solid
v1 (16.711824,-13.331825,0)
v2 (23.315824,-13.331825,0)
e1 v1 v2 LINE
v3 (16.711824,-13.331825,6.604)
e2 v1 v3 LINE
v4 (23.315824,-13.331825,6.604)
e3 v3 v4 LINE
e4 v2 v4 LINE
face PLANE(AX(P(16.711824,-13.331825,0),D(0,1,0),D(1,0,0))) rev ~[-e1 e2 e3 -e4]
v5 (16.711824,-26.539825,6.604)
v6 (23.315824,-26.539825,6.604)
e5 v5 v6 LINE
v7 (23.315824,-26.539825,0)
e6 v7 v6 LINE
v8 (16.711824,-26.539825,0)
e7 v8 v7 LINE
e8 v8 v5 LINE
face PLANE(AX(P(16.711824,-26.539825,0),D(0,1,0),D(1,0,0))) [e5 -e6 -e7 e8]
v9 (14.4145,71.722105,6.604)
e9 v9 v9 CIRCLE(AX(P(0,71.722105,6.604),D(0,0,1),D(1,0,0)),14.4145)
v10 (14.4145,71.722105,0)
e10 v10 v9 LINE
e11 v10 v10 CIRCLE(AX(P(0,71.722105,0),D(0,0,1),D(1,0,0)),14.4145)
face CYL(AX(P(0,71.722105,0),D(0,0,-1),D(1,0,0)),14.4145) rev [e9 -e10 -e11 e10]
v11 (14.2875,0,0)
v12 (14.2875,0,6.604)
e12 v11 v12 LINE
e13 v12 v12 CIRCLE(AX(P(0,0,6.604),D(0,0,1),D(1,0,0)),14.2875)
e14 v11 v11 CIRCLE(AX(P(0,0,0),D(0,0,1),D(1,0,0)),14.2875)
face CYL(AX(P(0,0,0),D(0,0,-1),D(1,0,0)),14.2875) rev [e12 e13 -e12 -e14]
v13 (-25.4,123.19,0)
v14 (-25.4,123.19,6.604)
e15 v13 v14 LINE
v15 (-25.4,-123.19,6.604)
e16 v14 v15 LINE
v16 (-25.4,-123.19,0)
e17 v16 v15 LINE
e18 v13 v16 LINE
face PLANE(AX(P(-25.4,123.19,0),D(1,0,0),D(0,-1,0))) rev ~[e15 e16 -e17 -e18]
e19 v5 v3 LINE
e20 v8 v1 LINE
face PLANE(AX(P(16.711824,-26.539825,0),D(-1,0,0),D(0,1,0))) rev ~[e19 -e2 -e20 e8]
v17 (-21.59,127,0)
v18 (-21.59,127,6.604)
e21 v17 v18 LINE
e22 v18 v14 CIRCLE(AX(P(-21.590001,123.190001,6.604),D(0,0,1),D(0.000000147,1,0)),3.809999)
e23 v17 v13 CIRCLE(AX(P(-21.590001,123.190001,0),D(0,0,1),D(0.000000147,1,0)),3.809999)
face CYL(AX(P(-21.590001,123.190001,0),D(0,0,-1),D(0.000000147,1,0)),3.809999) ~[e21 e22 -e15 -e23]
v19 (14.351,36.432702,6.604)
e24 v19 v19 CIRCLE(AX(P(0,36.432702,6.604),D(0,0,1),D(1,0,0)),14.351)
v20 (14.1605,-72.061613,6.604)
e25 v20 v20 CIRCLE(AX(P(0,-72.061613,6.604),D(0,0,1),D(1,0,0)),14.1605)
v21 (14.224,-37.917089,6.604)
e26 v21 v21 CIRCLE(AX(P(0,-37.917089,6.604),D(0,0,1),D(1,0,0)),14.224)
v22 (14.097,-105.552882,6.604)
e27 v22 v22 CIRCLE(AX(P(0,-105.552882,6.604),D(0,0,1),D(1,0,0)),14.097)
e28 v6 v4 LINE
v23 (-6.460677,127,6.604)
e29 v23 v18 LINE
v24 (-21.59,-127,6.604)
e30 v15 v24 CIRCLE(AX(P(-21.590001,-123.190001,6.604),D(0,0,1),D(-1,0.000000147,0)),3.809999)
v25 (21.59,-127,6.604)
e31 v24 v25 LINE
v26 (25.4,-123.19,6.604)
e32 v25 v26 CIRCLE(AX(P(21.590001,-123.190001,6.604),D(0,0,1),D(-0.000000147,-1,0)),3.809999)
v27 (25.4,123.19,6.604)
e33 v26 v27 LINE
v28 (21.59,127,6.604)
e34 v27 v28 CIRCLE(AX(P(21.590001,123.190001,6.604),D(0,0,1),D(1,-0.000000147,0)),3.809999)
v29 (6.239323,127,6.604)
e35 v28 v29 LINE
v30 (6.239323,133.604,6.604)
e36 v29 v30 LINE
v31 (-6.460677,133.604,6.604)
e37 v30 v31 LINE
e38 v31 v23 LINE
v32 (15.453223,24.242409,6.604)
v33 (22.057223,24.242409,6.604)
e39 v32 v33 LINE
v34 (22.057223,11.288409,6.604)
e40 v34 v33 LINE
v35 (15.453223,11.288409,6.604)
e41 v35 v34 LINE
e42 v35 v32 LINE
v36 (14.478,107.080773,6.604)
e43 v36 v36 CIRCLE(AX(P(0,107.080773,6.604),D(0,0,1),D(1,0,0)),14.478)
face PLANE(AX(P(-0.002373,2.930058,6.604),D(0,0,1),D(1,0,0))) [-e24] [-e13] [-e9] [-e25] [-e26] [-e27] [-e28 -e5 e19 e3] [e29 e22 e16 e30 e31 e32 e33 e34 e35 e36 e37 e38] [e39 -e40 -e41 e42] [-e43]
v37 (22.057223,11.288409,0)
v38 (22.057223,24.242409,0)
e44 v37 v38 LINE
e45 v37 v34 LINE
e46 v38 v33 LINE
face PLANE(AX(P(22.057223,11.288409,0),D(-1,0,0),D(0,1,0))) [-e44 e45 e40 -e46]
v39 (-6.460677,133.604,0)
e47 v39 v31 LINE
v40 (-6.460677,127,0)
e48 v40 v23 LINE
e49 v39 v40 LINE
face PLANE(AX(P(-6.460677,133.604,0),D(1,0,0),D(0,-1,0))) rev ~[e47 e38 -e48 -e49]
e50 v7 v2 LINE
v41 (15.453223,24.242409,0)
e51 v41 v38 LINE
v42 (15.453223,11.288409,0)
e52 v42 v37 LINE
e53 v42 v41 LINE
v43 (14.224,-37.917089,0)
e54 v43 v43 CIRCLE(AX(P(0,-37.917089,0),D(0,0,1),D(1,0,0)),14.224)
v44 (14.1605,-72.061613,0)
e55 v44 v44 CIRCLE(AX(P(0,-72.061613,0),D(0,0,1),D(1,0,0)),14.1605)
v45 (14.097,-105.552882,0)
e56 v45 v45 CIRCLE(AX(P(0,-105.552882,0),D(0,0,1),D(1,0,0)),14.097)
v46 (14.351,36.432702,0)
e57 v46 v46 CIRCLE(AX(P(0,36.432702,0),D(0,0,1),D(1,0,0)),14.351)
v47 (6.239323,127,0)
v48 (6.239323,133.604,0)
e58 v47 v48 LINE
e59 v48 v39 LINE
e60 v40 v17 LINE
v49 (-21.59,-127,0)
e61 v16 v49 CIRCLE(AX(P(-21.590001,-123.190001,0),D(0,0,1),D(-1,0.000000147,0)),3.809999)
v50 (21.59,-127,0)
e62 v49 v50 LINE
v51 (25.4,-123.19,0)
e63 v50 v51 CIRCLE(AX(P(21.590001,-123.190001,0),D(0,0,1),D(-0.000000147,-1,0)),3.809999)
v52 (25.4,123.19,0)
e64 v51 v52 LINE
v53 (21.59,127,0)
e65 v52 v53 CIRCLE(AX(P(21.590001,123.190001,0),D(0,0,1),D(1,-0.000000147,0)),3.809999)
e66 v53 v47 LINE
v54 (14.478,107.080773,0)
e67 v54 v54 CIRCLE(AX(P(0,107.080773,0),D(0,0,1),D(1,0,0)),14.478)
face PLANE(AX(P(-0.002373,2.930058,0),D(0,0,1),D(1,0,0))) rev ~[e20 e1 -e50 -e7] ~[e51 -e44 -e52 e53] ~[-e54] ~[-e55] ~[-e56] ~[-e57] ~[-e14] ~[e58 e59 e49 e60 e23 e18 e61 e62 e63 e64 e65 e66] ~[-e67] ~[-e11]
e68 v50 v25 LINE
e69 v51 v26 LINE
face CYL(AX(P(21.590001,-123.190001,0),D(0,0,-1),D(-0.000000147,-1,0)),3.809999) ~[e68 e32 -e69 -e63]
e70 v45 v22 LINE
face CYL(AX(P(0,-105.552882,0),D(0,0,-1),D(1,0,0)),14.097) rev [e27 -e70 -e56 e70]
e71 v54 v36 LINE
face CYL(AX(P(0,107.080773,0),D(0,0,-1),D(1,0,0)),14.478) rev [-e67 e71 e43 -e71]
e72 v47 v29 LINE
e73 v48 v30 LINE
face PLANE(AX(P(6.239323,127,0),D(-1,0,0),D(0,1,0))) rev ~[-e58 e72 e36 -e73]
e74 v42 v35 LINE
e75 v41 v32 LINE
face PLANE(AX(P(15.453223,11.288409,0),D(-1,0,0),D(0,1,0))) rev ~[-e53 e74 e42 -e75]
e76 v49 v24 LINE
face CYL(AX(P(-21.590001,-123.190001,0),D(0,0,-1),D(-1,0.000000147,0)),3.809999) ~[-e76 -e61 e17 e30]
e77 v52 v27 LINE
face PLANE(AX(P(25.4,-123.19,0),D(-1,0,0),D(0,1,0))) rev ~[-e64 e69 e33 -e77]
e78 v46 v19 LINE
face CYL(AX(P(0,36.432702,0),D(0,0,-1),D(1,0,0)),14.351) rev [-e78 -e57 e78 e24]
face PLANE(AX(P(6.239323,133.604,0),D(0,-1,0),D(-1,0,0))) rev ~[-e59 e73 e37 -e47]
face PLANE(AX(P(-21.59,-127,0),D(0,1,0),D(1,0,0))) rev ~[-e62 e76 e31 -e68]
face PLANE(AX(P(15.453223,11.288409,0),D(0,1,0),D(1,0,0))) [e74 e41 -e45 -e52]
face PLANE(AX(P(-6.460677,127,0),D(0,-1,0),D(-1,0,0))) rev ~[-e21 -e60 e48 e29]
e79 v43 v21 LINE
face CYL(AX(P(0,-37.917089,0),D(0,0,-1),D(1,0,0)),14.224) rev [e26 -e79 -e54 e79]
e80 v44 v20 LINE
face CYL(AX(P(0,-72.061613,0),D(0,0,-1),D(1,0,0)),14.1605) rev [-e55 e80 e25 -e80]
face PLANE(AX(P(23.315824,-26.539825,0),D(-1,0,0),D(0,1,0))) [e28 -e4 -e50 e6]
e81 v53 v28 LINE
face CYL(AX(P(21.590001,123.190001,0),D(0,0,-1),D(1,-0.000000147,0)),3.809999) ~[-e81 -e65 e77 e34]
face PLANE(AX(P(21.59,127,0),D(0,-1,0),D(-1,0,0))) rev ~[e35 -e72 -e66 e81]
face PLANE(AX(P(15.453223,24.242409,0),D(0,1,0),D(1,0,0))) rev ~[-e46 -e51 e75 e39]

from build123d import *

# Parameters (mm, degrees)
F0_R     = 14.097
F0_R_2   = 14.1605
F0_R_3   = 14.224
F0_R_4   = 14.2875
F0_W     = 6.604
F0_H     = 13.208
F0_R_5   = 14.351
F0_H_2   = 12.954
F0_R_6   = 14.4145
F0_R_7   = 14.478
F1_DEPTH = 6.604


with BuildPart() as f1:
    # F0 (on Top) → F1 (new body)
    with BuildSketch(Plane.XY):
        with BuildLine():
            ThreePointArc((25.4, 123.19), (24.284077, 125.884077), (21.59, 127))
            Line((21.59, 127), (6.239323, 127))
            Line((6.239323, 127), (6.239323, 133.604))
            Line((6.239323, 133.604), (-6.460677, 133.604))
            Line((-6.460677, 133.604), (-6.460677, 127))
            Line((-6.460677, 127), (-21.59, 127))
            ThreePointArc((-21.59, 127), (-24.284077, 125.884077), (-25.4, 123.19))
            Line((-25.4, 123.19), (-25.4, -123.19))
            ThreePointArc((-25.4, -123.19), (-24.284077, -125.884077), (-21.59, -127))
            Line((-21.59, -127), (21.59, -127))
            ThreePointArc((21.59, -127), (24.284077, -125.884077), (25.4, -123.19))
            Line((25.4, -123.19), (25.4, 123.19))
        make_face()
        with Locations((0, -105.552882)):
            Circle(F0_R, mode=Mode.SUBTRACT)
        with Locations((0, -72.061613)):
            Circle(F0_R_2, mode=Mode.SUBTRACT)
        with Locations((0, -37.917089)):
            Circle(F0_R_3, mode=Mode.SUBTRACT)
        Circle(F0_R_4, mode=Mode.SUBTRACT)
        with Locations((20.013824, -19.935825)):
            Rectangle(F0_W, F0_H, mode=Mode.SUBTRACT)
        with Locations((0, 36.432702)):
            Circle(F0_R_5, mode=Mode.SUBTRACT)
        with Locations((18.755223, 17.765409)):
            Rectangle(F0_W, F0_H_2, mode=Mode.SUBTRACT)
        with Locations((0, 71.722105)):
            Circle(F0_R_6, mode=Mode.SUBTRACT)
        with Locations((0, 107.080773)):
            Circle(F0_R_7, mode=Mode.SUBTRACT)
    extrude(amount=F1_DEPTH)


solid = f1.part
